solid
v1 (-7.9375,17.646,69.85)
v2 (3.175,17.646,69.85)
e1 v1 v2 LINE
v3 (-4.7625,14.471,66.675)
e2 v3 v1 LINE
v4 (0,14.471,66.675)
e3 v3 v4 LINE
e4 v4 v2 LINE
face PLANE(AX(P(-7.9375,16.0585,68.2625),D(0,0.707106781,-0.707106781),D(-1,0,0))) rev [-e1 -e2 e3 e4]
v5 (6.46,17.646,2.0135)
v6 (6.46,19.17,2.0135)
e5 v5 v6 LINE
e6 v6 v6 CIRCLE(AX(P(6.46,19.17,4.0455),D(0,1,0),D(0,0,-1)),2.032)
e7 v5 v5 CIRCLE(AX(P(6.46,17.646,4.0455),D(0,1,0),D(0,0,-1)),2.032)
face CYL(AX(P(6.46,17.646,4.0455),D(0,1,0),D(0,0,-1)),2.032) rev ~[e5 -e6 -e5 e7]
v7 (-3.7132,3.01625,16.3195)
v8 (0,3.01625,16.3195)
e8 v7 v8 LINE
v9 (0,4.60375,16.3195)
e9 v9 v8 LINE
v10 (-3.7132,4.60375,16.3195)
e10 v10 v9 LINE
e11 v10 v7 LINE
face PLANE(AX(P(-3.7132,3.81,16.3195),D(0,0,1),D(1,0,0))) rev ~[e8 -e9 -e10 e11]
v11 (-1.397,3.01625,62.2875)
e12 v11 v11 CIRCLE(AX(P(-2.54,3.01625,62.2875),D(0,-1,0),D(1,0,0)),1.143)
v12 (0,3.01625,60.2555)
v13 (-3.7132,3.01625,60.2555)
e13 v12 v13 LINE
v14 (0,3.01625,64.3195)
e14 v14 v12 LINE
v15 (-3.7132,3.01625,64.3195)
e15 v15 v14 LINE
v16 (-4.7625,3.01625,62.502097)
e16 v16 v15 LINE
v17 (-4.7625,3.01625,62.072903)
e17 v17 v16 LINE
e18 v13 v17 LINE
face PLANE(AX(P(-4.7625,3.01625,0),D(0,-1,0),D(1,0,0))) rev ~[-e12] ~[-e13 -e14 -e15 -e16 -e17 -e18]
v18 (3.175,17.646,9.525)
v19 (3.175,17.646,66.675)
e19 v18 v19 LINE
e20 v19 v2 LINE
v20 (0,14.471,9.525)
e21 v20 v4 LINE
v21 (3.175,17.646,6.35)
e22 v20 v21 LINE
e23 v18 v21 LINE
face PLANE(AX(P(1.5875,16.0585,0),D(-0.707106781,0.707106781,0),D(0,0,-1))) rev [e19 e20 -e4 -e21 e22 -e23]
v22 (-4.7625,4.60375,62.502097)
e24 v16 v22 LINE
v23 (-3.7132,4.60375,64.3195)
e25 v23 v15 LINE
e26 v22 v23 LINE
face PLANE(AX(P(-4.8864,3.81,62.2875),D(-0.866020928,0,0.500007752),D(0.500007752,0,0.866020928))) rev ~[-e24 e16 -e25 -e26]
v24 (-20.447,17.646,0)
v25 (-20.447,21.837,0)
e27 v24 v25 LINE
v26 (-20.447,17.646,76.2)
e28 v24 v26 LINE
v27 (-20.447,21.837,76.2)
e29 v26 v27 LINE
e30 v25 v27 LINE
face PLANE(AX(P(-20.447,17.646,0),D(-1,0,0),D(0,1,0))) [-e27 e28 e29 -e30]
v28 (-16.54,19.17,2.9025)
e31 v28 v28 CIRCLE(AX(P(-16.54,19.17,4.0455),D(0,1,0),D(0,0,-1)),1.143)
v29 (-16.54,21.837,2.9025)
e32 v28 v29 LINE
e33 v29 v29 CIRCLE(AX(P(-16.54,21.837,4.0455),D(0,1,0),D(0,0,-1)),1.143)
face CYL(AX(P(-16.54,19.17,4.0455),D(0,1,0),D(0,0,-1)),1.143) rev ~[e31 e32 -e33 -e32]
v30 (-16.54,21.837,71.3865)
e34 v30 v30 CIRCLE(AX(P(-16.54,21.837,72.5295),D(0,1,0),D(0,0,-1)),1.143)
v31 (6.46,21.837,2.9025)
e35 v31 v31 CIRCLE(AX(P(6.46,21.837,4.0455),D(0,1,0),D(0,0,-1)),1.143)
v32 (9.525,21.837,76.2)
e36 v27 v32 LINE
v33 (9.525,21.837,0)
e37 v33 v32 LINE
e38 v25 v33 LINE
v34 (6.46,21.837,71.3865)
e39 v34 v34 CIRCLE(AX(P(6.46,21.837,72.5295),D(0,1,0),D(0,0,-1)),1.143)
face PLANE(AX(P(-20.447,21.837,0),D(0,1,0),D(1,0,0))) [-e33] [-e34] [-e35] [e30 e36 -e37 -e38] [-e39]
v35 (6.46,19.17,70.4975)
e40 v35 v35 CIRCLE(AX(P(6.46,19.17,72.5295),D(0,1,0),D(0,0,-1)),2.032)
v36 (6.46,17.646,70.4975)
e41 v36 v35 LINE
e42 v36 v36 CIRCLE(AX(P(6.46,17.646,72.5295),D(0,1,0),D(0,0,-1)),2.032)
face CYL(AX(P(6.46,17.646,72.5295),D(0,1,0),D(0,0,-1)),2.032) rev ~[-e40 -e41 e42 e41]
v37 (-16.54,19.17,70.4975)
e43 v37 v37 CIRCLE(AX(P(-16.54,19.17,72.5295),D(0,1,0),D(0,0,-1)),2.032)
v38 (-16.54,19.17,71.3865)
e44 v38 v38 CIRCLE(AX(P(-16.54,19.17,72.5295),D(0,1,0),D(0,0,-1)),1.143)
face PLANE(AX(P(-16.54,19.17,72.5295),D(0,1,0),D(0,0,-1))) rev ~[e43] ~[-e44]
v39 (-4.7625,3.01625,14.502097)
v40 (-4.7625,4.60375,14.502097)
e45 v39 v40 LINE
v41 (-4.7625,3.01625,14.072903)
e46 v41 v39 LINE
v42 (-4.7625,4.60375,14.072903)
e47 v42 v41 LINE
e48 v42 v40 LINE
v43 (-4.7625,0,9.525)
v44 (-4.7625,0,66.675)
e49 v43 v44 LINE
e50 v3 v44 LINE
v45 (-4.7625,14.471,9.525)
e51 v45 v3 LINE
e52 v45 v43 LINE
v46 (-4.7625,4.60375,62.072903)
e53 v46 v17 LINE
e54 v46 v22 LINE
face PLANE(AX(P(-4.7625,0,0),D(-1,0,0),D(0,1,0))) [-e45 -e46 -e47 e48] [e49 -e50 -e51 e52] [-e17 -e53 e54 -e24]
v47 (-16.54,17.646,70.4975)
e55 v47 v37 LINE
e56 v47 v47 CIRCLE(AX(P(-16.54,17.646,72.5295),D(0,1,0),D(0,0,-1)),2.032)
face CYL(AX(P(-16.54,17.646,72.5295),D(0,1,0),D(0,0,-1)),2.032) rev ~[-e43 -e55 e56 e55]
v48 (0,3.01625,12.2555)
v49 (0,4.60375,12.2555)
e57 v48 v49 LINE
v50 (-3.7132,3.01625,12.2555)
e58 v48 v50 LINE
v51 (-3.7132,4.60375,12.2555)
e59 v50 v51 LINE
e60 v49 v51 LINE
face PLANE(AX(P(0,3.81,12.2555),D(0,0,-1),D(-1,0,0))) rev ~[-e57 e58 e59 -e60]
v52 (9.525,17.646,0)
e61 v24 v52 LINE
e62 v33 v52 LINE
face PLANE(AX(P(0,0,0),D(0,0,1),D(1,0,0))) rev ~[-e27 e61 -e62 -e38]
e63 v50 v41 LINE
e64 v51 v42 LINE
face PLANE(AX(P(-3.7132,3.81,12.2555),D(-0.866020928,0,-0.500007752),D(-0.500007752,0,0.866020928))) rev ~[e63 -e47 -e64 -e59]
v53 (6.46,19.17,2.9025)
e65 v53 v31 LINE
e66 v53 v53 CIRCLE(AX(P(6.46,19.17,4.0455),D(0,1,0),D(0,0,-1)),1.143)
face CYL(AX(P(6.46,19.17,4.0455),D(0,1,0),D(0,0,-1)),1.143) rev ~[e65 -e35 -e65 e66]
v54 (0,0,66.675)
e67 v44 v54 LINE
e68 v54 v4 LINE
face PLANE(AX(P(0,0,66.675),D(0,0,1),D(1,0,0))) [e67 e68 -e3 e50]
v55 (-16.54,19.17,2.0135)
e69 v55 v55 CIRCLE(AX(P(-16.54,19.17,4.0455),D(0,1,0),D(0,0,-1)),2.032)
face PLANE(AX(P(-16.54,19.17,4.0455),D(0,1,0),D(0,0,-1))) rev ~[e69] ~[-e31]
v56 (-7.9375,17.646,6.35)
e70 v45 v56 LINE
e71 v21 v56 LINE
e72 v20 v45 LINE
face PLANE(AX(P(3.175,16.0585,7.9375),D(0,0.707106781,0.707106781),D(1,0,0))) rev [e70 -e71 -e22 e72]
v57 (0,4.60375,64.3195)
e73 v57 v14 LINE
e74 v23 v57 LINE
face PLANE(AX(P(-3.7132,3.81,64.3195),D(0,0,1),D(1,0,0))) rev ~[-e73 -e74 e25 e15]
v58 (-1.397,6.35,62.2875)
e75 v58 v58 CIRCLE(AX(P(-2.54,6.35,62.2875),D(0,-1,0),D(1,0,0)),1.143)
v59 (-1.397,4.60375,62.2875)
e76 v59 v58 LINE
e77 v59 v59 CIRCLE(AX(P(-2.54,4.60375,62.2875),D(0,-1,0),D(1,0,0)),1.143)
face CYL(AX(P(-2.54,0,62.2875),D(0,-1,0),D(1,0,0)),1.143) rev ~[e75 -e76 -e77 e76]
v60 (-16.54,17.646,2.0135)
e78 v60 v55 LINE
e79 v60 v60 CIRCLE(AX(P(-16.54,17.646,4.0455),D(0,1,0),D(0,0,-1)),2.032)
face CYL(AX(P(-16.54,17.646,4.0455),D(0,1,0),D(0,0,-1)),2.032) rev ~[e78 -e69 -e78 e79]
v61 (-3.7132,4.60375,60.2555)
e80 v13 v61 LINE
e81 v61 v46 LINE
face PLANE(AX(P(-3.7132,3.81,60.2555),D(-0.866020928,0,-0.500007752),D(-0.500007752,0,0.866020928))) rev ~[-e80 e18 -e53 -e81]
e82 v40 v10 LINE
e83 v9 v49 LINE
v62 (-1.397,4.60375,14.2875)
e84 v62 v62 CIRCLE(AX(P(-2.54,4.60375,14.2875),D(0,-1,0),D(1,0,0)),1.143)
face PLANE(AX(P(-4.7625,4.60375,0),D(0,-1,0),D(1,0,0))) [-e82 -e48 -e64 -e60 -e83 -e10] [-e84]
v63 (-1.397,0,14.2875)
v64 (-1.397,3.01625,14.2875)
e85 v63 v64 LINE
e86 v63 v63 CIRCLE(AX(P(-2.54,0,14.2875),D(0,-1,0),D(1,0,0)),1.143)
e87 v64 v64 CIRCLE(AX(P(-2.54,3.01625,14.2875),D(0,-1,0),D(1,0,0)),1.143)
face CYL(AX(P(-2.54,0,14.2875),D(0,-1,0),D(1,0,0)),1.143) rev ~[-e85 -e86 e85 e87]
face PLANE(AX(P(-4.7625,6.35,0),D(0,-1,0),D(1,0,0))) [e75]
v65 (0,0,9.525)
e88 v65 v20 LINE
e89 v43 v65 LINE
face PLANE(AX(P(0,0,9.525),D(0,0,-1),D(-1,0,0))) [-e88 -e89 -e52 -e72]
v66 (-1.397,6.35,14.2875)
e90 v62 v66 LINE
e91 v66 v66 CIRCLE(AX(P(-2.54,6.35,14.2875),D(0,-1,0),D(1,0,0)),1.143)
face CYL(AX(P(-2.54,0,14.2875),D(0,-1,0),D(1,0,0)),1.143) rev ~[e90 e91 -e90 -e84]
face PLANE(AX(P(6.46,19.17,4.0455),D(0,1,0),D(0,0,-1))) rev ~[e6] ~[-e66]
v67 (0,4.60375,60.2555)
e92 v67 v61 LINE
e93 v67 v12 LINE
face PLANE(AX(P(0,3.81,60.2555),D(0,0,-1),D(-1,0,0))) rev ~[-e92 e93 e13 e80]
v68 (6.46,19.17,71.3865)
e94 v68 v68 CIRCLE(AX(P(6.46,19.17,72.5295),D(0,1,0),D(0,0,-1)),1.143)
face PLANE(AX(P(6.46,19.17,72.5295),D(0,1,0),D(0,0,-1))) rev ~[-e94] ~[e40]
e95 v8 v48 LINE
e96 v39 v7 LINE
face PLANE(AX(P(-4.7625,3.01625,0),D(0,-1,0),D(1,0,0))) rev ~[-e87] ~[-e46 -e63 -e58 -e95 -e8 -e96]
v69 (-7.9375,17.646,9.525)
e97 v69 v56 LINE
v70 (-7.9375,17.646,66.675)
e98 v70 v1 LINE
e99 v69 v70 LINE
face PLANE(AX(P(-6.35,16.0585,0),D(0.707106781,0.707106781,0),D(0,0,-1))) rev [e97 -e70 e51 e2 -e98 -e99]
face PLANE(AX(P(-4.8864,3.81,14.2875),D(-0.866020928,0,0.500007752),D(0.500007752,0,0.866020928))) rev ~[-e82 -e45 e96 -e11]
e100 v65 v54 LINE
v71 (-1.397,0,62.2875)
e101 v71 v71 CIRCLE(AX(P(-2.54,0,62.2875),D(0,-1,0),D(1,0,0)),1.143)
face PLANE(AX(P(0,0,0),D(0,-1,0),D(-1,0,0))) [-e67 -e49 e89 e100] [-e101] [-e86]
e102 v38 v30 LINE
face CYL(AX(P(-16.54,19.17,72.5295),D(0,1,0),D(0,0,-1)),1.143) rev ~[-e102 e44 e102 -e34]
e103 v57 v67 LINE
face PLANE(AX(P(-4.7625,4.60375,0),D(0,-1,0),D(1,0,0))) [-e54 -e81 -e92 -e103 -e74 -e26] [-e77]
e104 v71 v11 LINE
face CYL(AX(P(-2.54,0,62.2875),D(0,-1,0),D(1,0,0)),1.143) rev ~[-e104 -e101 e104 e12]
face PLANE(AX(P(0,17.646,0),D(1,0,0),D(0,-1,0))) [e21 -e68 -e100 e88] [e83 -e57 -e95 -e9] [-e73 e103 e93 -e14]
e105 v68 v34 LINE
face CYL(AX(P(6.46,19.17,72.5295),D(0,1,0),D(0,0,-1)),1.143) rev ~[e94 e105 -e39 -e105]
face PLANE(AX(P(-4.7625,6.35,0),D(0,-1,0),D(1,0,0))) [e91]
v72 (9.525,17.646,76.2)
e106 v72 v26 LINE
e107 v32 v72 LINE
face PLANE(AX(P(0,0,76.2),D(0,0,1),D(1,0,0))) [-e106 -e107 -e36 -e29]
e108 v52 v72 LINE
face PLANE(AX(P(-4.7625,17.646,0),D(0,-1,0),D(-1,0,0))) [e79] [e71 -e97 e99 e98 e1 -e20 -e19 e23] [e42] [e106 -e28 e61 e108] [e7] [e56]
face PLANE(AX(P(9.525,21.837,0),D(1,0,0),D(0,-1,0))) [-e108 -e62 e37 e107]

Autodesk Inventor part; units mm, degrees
ref_plane "YZ Plane" through (0, 0, 0) normal (1, 0, 0) x (0, 1, 0)
ref_plane "XZ Plane" through (0, 0, 0) normal (0, 1, 0) x (-1, 0, 0)
sketch "Sketch1" plane through (0, 0, 0) normal (0, 0, 1) x (1, 0, 0)
  line L0 (0, 0) -> (-4.7625, 0)
  line L1 (-4.7625, 0) -> (-4.7625, 17.646)
  line L2 (0, 17.646) -> (0, 0)
  line L3 (-20.447, 21.837) -> (9.525, 21.837)
  line L4 (9.525, 21.837) -> (9.525, 17.646)
  line L5 (-20.447, 17.646) -> (-20.447, 21.837)
  line L6 (9.525, 17.646) -> (0, 17.646)
  line L7 (-4.7625, 17.646) -> (-20.447, 17.646)
  point P0 (-2.3813, 0)
  dimension "d3" = 4.7625
  dimension "d4" = 4.191
  dimension "d5" = 29.972
  dimension "d6" = 21.837
  dimension "d8" = 9.525
extrude "Extrusion1" add sketch "Sketch1" along normal blind 76.2
sketch "Sketch2" plane through (-4.7625, 0, 0) normal (0, -1, 0) x (1, 0, 0)
  line L0 (0, 0) -> (4.7625, 0) projected
  line L1 (4.7625, 0) -> (4.7625, 76.2) projected
  line L2 (0, 76.2) -> (4.7625, 76.2) projected
  line L3 (0, 0) -> (0, 76.2) projected
  line L4 (0, 76.2) -> (4.7625, 76.2) projected
  circle A0 centre (2.2225, 62.2875) radius 2.2
  circle A1 centre (2.2225, 14.2875) radius 2.2
  circle A2 centre (2.2225, 14.2875) radius 1.143
  circle A3 centre (2.2225, 62.2875) radius 1.143
  point P0 (2.3813, 76.2)
  dimension "d52" = 2.286
  dimension "d53" = 2.286
chamfer "Chamfer1" distance 3.175 angle 45 2 edges at (-4.7625, 17.646, 38.1) (0, 17.646, 38.1)
extrude "Extrusion2" cut sketch "Sketch2" against normal blind 6.35 contours A2 | A3
ref_plane "Work Plane1" through (-4.7625, 3.81, 0) normal (0, -1, 0) x (1, 0, 0)
sketch "Sketch3" plane through (-4.7625, 3.81, 0) normal (0, -1, 0) x (1, 0, 0)
  circle A0 centre (2.2225, 62.2875) radius 1.016
  line L0 (4.7625, 60.2555) -> (1.0493, 60.2555)
  line L1 (1.0493, 60.2555) -> (-0.1239, 62.2875)
  line L2 (-0.1239, 62.2875) -> (1.0493, 64.3195)
  line L3 (1.0493, 64.3195) -> (4.7625, 64.3195)
  circle A1 centre (2.2225, 14.2875) radius 1.016
  line L4 (4.7625, 12.2555) -> (1.0493, 12.2555)
  line L5 (1.0493, 12.2555) -> (-0.1239, 14.2875)
  line L6 (-0.1239, 14.2875) -> (1.0493, 16.3195)
  line L7 (1.0493, 16.3195) -> (4.7625, 16.3195)
  line L8 (4.7625, 76.2) -> (4.7625, 0) projected
  circle A2 centre (2.2225, 14.2875) radius 1.143 projected
  circle A3 centre (2.2225, 62.2875) radius 1.143 projected
  dimension "d21" = 4.064
  dimension "d22" = 4.064
extrude "Extrusion3" cut sketch "Sketch3" against normal mid plane 1.5875 contours L0 L1 L2 L3 L8 | L8 L4 L5 L6 L7 | A1 | A2 | A3
sketch "Sketch5" plane through (-20.447, 17.646, 0) normal (0, -1, 0) x (1, 0, 0)
  circle A0 centre (3.907, 72.5295) radius 1 projected
  circle A1 centre (26.907, 72.5295) radius 1 projected
  circle A2 centre (26.907, 4.0455) radius 1 projected
  circle A3 centre (3.907, 4.0455) radius 1 projected
  point P0 (20.447, 0)
hole "Hole1" at (-16.54, 17.646, 72.5295) at (6.46, 17.646, 72.5295) at (6.46, 17.646, 4.0455) at (-16.54, 17.646, 4.0455) direction (0, 1, 0) diameter 2.286 depth 25.4 tip angle 118 counterbore diameter 4.064 counterbore depth 1.524
sketch "Sketch6" plane through (0, 0, 76.2) normal (0, 0, 1) x (1, 0, 0)
  line L0 (3.175, 17.646) -> (9.525, 17.646) projected
  line L1 (9.525, 17.646) -> (9.525, 21.837) projected
  line L2 (9.525, 21.837) -> (-20.447, 21.837) projected
  line L3 (-20.447, 21.837) -> (-20.447, 17.646) projected
  line L4 (-20.447, 17.646) -> (-7.9375, 17.646) projected
  line L5 (-4.7625, 14.471) -> (-7.9375, 17.646) projected
  line L6 (-4.7625, 14.471) -> (-4.7625, 0) projected
  line L7 (-4.7625, 0) -> (0, 0) projected
  line L8 (0, 0) -> (0, 14.471) projected
  line L9 (3.175, 17.646) -> (0, 14.471) projected
  line L10 (3.175, 17.646) -> (9.525, 17.646) projected
  line L11 (-7.9375, 17.646) -> (3.175, 17.646)
extrude "Extrusion5" cut sketch "Sketch6" against normal blind 9.525 contours L9 L8 L7 L6 L5 L11
sketch "Sketch7" plane through (0, 0, 0) normal (0, 0, -1) x (-1, 0, 0)
  line L0 (0, 14.471) -> (-3.175, 17.646) projected
  line L1 (0, 0) -> (0, 14.471) projected
  line L2 (4.7625, 0) -> (0, 0) projected
  line L3 (4.7625, 14.471) -> (4.7625, 0) projected
  line L4 (7.9375, 17.646) -> (4.7625, 14.471) projected
  line L5 (20.447, 17.646) -> (7.9375, 17.646) projected
  line L6 (20.447, 21.837) -> (20.447, 17.646) projected
  line L7 (-9.525, 21.837) -> (20.447, 21.837) projected
  line L8 (-9.525, 17.646) -> (-9.525, 21.837) projected
  line L9 (-3.175, 17.646) -> (-9.525, 17.646) projected
  line L10 (-3.175, 17.646) -> (8.255, 17.646)
  line L11 (20.447, 17.646) -> (-9.525, 17.646) projected
extrude "Extrusion6" cut sketch "Sketch7" against normal blind 9.525 contours L0 L10 L4 L3 L2 L1
chamfer "Chamfer2" distance 3.175 angle 45 2 edges at (-2.3813, 17.646, 9.525) (-2.3813, 17.646, 66.675)
properties part number "PCB BRACE"
